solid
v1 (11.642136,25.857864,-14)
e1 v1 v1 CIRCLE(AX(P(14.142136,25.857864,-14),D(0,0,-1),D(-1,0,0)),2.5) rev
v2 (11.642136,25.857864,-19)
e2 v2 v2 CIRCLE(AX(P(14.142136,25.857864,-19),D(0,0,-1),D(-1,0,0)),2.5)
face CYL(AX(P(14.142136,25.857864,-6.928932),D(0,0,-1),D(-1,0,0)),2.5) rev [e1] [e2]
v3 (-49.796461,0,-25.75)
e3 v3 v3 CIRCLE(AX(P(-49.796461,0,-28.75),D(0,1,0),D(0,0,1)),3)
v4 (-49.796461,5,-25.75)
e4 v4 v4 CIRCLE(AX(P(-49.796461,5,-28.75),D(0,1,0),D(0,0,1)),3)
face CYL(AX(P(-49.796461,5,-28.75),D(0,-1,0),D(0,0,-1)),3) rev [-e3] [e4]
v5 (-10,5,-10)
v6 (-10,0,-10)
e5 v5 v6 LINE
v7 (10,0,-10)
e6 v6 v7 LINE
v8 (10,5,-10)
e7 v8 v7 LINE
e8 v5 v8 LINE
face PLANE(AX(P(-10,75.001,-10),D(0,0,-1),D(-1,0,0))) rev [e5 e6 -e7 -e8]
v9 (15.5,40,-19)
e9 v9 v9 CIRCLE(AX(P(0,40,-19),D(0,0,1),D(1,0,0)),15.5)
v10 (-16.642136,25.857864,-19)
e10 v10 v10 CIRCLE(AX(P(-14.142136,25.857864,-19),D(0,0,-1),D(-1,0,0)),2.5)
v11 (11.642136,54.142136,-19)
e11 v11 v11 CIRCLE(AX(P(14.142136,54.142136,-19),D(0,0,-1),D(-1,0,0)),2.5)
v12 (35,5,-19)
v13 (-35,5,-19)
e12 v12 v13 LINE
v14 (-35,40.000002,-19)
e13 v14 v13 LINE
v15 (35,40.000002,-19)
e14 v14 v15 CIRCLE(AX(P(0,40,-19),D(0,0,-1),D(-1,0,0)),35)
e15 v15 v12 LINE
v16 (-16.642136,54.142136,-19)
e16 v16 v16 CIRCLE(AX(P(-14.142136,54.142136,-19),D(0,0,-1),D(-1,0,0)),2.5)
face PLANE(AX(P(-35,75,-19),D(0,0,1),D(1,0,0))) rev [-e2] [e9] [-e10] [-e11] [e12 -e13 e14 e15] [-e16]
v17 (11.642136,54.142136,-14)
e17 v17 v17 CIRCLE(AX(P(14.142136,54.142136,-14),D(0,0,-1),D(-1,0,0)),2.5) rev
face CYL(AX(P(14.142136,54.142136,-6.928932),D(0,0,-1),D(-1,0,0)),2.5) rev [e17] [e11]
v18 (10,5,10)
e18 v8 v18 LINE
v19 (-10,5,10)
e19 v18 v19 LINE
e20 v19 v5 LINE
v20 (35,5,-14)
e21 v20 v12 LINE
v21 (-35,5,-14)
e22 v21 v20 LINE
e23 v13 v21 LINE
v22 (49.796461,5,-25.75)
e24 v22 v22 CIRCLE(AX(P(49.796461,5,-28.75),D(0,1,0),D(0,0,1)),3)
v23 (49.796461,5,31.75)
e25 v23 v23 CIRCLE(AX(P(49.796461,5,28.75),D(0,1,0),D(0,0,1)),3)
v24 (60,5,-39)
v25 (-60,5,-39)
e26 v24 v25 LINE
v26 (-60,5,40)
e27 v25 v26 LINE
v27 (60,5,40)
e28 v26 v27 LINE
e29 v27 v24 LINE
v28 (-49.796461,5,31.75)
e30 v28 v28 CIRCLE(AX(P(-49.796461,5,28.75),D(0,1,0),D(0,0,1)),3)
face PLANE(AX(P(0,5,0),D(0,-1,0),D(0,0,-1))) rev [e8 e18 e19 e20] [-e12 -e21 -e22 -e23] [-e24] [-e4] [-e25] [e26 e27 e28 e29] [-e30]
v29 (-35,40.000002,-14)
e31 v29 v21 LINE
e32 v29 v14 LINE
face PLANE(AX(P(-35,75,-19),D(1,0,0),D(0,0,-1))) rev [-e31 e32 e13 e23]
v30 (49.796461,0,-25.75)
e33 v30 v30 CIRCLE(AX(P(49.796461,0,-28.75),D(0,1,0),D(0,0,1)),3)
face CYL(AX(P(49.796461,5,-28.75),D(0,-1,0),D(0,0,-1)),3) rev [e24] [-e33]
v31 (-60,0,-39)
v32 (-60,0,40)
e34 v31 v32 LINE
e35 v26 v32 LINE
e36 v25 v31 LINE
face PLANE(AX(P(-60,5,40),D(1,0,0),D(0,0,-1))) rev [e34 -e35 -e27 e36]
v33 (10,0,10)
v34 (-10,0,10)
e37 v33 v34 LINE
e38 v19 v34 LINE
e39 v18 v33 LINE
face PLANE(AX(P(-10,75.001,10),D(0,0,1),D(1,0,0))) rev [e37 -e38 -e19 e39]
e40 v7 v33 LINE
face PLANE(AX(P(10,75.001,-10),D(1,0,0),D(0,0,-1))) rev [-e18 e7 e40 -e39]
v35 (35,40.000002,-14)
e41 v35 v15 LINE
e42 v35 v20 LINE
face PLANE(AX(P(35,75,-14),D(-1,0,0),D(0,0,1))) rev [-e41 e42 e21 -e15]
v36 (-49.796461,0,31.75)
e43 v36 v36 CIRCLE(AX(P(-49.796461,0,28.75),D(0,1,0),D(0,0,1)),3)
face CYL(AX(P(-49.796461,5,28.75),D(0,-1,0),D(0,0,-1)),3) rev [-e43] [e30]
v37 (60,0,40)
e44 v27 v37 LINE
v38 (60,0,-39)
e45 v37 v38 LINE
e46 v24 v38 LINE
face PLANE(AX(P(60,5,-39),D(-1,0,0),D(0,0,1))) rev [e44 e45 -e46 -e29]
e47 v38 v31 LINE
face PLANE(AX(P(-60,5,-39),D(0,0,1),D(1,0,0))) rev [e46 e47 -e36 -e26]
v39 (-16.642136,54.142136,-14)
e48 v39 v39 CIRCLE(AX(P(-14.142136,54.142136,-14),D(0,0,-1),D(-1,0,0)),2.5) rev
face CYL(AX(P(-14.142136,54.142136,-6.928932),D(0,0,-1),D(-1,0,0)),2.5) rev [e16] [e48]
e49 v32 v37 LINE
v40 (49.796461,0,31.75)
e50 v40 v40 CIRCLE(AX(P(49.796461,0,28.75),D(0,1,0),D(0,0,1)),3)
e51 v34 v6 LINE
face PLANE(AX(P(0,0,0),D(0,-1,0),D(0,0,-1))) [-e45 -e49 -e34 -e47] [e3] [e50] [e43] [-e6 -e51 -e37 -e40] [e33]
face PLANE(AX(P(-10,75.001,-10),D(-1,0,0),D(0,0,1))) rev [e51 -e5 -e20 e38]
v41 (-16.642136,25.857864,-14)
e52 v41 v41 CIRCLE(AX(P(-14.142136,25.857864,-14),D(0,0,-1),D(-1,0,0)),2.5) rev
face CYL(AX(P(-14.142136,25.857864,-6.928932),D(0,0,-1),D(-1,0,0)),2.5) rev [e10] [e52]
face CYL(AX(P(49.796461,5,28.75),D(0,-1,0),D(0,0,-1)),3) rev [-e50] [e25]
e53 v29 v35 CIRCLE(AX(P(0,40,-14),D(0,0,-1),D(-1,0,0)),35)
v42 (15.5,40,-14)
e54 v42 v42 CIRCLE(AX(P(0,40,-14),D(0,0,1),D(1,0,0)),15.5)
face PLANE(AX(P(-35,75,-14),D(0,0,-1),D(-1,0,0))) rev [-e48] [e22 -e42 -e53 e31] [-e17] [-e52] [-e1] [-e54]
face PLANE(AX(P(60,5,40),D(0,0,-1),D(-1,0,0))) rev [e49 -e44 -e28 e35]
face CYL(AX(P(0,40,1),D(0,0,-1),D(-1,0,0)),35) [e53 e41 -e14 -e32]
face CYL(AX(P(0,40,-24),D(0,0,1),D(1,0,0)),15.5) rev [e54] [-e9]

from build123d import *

# Parameters (mm, degrees)
SKETCH1_R           = 3
BOSS_EXTRUDE1_DEPTH = 5
SKETCH2_W           = 70
SKETCH2_H           = 5
BOSS_EXTRUDE2_DEPTH = 70
CUT_EXTRUDE1_DEPTH  = 20
SKETCH4_R           = 15.5
CUT_EXTRUDE2_DEPTH  = 10
CUT_EXTRUDE6_REACH  = 77
SKETCH8_W           = 20
SKETCH8_H           = 20
SKETCH9_W           = 40
SKETCH9_H           = 5
CUT_EXTRUDE7_DEPTH  = 30
SKETCH10_R          = 2.5
CUT_EXTRUDE8_DEPTH  = 5


with BuildPart() as part:
    # Sketch1 → Boss-Extrude1 (new body)
    with BuildSketch(Plane(origin=(0, 0, 0), x_dir=(1, 0, 0), z_dir=(0, 1, 0))):
        Polygon((-35, -40), (-20, -40), (-20, -70), (20, -70), (20, -40), (35, -40), (60, -40), (60, 39), (-60, 39), (-60, -40), align=None)
        with Locations((49.796460718, 28.75)):
            Circle(SKETCH1_R, mode=Mode.SUBTRACT)
        with Locations((49.796460718, -28.75)):
            Circle(SKETCH1_R, mode=Mode.SUBTRACT)
        with Locations((0, -57.5)):
            Circle(SKETCH1_R, mode=Mode.SUBTRACT)
        with Locations((-49.796460718, -28.75)):
            Circle(SKETCH1_R, mode=Mode.SUBTRACT)
        with Locations((-49.796460718, 28.75)):
            Circle(SKETCH1_R, mode=Mode.SUBTRACT)
    extrude(amount=BOSS_EXTRUDE1_DEPTH)

    # Sketch2 → Boss-Extrude2 (add)
    with BuildSketch(Plane(origin=(0, 5, 0), x_dir=(1, 0, 0), z_dir=(0, 1, 0))):
        with Locations((0, 16.5)):
            Rectangle(SKETCH2_W, SKETCH2_H)
    extrude(amount=BOSS_EXTRUDE2_DEPTH)

    # Sketch3 → Cut-Extrude1 (cut)
    with BuildSketch(Plane(origin=(0, 0, -19), x_dir=(-1, 0, 0), z_dir=(0, 0, -1))):
        with BuildLine():
            ThreePointArc((-35, 40.000002437), (-24.74873648, 64.748738203), (0, 75))
            Line((0, 75), (-35, 75))
            Line((-35, 75), (-35, 40.000002437))
        make_face()
        with BuildLine():
            Line((35, 40.000002339), (35, 75))
            Line((35, 75), (0, 75))
            ThreePointArc((0, 75), (24.748736514, 64.748738169), (35, 40.000002339))
        make_face()
    extrude(amount=-CUT_EXTRUDE1_DEPTH, mode=Mode.SUBTRACT)

    # Sketch4 → Cut-Extrude2 (cut)
    with BuildSketch(Plane.XY.offset(-14)):
        with Locations((0, 40)):
            Circle(SKETCH4_R)
    extrude(amount=-CUT_EXTRUDE2_DEPTH, mode=Mode.SUBTRACT)

    # Sketch8 → Cut-Extrude6 (cut, up to next)
    with BuildSketch(Plane.XZ, mode=Mode.PRIVATE) as cut_extrude6_sk1:
        Rectangle(SKETCH8_W, SKETCH8_H)
    cut_extrude6_tool1 = extrude(cut_extrude6_sk1.sketch, amount=-CUT_EXTRUDE6_REACH, mode=Mode.PRIVATE) & part.part
    add(cut_extrude6_tool1.solids().sort_by_distance((0, 0, 0))[0], mode=Mode.SUBTRACT)

    # Sketch9 → Cut-Extrude7 (cut)
    with BuildSketch(Plane.XY.offset(70)):
        with Locations((0, 2.5)):
            Rectangle(SKETCH9_W, SKETCH9_H)
    extrude(amount=-CUT_EXTRUDE7_DEPTH, mode=Mode.SUBTRACT)

    # Sketch10 → Cut-Extrude8 (cut)
    with BuildSketch(Plane(origin=(0, 0, -19), x_dir=(-1, 0, 0), z_dir=(0, 0, -1))):
        with Locations((14.142135624, 54.142135624)):
            Circle(SKETCH10_R)
        with Locations((14.142135624, 25.857864376)):
            Circle(SKETCH10_R)
        with Locations((-14.142135624, 25.857864376)):
            Circle(SKETCH10_R)
        with Locations((-14.142135624, 54.142135624)):
            Circle(SKETCH10_R)
    extrude(amount=-CUT_EXTRUDE8_DEPTH, mode=Mode.SUBTRACT)


solid = part.part
